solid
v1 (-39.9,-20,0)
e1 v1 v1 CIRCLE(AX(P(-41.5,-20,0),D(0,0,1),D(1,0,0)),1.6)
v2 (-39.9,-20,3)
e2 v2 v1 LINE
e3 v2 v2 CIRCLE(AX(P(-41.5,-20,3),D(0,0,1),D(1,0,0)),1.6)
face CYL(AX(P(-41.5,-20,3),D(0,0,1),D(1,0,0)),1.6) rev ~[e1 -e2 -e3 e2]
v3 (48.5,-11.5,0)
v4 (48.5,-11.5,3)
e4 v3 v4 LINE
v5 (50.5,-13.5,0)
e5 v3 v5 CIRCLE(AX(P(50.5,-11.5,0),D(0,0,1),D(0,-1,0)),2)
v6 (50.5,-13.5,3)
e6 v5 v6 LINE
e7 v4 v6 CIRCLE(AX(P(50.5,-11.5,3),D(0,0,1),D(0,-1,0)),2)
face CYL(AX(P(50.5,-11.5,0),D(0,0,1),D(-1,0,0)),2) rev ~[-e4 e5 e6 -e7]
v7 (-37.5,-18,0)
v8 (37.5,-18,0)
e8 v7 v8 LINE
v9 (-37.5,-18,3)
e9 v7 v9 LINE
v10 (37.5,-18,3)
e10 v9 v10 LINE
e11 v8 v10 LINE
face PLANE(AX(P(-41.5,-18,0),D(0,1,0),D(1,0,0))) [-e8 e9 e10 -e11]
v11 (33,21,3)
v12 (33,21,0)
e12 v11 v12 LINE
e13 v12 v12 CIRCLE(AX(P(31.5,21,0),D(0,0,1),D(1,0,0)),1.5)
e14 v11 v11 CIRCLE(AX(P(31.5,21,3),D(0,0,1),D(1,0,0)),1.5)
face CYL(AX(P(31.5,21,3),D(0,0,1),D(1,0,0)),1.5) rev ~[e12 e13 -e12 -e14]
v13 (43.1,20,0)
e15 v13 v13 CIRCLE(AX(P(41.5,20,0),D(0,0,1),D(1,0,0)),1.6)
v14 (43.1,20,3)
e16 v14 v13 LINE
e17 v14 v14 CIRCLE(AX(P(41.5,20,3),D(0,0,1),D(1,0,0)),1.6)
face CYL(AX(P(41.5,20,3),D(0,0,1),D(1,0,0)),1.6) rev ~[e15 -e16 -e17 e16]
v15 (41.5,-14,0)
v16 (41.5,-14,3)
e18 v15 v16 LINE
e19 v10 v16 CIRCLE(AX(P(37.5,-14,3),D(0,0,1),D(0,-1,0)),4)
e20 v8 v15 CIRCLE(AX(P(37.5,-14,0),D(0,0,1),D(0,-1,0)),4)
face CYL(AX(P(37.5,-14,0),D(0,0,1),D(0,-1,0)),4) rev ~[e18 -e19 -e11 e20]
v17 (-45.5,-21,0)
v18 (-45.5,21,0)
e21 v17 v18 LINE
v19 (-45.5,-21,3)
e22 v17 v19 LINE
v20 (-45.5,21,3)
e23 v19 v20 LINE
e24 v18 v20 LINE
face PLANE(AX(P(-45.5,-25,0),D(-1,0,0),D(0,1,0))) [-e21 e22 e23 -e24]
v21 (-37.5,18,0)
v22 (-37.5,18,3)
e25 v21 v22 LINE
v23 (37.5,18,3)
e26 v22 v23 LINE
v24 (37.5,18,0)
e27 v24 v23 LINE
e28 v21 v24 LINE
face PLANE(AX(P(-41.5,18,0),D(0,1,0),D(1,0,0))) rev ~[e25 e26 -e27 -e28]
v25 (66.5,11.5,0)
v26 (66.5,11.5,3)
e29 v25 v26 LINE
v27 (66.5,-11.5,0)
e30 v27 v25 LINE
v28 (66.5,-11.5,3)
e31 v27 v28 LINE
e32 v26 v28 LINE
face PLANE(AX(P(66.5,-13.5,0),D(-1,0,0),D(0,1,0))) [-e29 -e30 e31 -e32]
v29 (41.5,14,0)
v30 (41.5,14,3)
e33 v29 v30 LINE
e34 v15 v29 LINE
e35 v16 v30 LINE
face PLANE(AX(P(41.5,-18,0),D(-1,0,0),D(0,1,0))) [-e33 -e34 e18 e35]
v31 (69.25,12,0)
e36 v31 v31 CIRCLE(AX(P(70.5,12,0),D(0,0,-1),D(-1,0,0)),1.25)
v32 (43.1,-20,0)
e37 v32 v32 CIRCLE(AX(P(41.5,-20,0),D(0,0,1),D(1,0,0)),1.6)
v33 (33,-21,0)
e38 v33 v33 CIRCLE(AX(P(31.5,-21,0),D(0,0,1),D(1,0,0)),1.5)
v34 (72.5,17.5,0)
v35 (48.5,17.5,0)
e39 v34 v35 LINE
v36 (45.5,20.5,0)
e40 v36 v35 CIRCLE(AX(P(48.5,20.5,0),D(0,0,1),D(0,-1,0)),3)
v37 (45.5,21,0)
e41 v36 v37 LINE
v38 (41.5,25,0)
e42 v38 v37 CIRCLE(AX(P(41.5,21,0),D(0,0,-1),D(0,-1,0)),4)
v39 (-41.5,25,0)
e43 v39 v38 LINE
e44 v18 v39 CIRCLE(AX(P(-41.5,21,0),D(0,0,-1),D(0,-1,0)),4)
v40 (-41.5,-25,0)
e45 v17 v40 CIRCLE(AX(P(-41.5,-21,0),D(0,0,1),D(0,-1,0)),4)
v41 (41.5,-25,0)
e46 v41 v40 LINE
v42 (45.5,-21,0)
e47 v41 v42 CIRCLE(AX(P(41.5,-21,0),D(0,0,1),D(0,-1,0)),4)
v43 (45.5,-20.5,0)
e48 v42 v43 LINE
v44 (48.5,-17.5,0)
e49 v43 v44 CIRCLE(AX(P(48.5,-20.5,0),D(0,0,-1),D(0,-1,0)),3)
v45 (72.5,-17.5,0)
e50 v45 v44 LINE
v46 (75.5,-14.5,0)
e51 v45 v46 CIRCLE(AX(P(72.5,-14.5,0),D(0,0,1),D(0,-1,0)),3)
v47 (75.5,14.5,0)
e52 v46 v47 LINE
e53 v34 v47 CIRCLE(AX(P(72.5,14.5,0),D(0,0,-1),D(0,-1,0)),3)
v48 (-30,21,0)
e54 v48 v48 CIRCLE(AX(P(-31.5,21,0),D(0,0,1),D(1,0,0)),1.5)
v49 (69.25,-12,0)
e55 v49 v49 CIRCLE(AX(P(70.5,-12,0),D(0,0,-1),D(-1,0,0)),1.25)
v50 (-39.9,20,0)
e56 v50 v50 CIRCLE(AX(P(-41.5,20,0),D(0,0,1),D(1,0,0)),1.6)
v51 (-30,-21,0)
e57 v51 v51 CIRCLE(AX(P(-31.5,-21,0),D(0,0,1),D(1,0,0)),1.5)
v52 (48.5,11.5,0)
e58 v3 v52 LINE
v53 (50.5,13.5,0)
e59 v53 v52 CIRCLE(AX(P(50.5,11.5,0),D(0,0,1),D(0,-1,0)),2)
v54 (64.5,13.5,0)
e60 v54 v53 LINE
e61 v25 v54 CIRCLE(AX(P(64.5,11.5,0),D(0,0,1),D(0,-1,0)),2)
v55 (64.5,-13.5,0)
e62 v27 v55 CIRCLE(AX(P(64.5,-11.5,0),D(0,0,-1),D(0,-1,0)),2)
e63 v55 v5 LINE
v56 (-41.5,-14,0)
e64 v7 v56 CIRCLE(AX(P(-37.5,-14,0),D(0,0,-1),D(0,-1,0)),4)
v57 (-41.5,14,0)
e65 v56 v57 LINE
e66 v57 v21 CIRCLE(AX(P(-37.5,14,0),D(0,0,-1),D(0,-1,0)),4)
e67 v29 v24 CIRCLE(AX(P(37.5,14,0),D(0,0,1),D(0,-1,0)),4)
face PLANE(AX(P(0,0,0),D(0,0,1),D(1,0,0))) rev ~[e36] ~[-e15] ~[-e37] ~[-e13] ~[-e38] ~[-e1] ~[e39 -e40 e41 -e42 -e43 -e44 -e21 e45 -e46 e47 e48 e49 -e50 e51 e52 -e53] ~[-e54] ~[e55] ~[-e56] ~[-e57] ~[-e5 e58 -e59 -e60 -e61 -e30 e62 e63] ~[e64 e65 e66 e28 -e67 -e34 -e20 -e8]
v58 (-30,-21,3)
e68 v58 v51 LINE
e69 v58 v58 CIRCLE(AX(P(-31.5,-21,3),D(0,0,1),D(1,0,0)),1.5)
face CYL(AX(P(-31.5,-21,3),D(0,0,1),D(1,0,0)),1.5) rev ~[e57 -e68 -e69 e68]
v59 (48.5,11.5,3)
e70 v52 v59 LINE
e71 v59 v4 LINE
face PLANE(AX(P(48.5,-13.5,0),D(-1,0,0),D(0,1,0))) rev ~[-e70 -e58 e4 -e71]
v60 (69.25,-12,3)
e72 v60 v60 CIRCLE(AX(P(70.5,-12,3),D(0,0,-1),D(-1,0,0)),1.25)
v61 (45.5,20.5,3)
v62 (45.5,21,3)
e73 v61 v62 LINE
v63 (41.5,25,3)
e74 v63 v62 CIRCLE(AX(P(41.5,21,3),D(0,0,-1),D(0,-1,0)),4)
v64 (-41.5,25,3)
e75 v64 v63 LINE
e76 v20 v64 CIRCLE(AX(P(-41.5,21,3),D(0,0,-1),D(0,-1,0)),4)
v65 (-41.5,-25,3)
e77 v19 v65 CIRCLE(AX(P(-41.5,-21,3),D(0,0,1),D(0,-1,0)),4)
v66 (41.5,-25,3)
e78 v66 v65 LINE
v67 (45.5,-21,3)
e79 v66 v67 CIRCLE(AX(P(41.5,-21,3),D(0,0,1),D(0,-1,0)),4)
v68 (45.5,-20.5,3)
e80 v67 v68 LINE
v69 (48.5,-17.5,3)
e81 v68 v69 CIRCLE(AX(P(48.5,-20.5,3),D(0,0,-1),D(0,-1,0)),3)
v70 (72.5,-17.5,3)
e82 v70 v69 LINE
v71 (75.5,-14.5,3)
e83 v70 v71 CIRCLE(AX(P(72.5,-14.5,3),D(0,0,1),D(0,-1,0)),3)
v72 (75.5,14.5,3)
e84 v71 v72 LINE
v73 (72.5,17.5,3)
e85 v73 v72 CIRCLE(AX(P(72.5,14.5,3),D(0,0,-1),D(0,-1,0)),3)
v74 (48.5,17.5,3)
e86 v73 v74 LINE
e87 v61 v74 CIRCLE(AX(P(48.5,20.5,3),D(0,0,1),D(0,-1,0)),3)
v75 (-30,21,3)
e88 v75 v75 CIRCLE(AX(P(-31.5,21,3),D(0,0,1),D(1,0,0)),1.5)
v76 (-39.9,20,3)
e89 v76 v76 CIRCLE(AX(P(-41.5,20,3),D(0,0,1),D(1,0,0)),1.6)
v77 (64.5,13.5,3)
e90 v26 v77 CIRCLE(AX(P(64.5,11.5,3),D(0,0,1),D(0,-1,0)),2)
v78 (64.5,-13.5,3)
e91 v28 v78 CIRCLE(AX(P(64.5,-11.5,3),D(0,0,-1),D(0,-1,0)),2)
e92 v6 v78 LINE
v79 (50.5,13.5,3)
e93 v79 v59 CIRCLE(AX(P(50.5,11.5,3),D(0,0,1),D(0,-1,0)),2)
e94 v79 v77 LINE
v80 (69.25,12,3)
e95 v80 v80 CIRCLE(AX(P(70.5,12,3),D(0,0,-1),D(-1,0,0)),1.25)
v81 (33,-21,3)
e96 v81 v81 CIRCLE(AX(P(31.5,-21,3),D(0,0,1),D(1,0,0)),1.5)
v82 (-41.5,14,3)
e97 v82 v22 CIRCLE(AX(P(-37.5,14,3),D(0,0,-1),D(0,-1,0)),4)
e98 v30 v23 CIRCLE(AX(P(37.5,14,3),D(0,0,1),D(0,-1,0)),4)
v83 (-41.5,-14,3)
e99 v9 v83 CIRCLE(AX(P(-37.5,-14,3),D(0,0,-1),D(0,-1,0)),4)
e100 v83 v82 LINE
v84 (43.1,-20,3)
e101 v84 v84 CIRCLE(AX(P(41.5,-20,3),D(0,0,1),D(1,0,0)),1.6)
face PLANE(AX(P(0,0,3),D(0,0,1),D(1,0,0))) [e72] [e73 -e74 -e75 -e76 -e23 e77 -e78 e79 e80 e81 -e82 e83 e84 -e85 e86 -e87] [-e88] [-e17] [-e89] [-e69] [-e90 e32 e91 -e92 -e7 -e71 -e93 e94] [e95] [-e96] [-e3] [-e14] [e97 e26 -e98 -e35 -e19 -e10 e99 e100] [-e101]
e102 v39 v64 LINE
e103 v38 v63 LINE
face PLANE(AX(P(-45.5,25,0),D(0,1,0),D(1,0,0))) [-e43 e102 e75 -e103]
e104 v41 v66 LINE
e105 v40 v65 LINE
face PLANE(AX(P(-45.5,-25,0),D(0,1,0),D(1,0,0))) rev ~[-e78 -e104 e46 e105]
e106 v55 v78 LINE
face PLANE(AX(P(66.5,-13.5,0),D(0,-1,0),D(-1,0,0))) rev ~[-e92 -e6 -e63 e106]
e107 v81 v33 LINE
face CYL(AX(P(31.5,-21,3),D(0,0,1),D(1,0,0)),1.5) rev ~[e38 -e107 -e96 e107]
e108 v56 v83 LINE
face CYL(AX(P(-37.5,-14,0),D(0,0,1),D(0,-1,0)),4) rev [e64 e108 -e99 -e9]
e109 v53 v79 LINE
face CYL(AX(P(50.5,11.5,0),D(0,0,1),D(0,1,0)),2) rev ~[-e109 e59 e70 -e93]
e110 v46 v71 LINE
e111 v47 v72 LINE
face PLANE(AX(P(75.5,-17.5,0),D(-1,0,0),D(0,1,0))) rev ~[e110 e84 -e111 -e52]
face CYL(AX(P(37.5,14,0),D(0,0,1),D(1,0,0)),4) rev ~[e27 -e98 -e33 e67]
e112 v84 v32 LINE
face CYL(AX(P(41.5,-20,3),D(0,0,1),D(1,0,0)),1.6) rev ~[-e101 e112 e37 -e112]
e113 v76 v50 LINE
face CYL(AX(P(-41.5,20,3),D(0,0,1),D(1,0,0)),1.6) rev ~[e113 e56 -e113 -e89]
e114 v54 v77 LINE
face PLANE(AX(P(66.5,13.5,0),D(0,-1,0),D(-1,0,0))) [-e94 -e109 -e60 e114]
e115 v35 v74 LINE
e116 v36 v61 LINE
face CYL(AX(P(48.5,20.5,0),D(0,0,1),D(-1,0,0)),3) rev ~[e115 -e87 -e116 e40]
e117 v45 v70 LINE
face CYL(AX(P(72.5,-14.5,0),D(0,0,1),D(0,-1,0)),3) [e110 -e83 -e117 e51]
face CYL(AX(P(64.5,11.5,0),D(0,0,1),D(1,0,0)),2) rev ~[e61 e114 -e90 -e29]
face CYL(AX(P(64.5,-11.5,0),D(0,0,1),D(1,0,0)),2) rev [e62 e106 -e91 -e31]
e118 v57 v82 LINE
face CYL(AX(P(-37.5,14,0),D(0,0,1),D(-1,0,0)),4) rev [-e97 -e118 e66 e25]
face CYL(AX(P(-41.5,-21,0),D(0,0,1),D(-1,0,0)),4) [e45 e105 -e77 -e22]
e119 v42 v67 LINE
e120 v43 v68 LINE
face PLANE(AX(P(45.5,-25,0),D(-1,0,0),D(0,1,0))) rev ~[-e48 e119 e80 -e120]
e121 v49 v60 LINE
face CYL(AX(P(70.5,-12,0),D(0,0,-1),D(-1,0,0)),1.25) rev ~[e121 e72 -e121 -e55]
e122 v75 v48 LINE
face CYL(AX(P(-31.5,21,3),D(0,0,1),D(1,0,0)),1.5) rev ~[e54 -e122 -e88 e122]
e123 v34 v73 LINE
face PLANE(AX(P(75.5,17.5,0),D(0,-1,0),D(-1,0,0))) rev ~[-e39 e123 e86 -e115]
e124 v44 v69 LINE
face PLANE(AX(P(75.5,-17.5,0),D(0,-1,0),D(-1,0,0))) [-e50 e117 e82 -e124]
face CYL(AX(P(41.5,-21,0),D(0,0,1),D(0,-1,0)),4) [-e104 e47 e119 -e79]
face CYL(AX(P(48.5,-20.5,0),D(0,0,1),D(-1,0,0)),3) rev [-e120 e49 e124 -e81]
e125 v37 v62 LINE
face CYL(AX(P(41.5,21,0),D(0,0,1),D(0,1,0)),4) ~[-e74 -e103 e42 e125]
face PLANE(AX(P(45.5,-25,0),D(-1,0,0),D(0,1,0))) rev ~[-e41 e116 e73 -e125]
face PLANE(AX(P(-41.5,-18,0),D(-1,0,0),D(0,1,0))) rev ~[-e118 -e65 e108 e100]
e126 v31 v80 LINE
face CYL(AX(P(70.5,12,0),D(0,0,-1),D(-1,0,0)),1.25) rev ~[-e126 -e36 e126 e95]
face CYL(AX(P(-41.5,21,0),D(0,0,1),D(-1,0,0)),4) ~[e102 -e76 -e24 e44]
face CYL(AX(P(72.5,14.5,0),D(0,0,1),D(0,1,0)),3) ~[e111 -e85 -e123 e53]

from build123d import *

# Parameters (mm, degrees)
SKETCH_1_W          = 91
SKETCH_1_H          = 50
SKETCH_1_W_2        = 83
SKETCH_1_H_2        = 36
EXTRUDE_1_DEPTH     = 3
SKETCH_2_R          = 1.5
CUT_EXTRUDE_1_DEPTH = 3
SKETCH_3_R          = 1.6
CUT_EXTRUDE_2_DEPTH = 3
FILLET_1_R          = 4
SKETCH_4_W          = 30
SKETCH_4_H          = 35
EXTRUDE_2_DEPTH     = 3
SKETCH_5_R          = 1.25
CUT_EXTRUDE_3_DEPTH = 10
FILLET_2_R          = 3
SKETCH_6_W          = 18
SKETCH_6_H          = 27
CUT_EXTRUDE_4_DEPTH = 10
FILLET_3_R          = 2
SKETCH_7_W          = 38
SKETCH_7_H          = 10
SKETCH_7_R          = 1.6
EXTRUDE_3_DEPTH     = 3
FILLET_4_R          = 2
FILLET_5_R          = 2
SKETCH_8_W          = 42
SKETCH_8_H          = 10
CUT_EXTRUDE_5_DEPTH = 10


with BuildPart() as part:
    # 草图1 → 凸台-拉伸1 (new body)
    with BuildSketch(Plane.XY):
        Rectangle(SKETCH_1_W, SKETCH_1_H)
        Rectangle(SKETCH_1_W_2, SKETCH_1_H_2, mode=Mode.SUBTRACT)
    extrude(amount=EXTRUDE_1_DEPTH)

    # 草图2 → 切除-拉伸1 (cut)
    with BuildSketch(Plane.XY.offset(3)):
        with Locations((31.5, 21)):
            Circle(SKETCH_2_R)
        with Locations((31.5, -21)):
            Circle(SKETCH_2_R)
        with Locations((-31.5, -21)):
            Circle(SKETCH_2_R)
        with Locations((-31.5, 21)):
            Circle(SKETCH_2_R)
    extrude(amount=-CUT_EXTRUDE_1_DEPTH, mode=Mode.SUBTRACT)

    # 草图3 → 切除-拉伸2 (cut)
    with BuildSketch(Plane.XY.offset(3)):
        with Locations((41.5, 20)):
            Circle(SKETCH_3_R)
        with Locations((41.5, -20)):
            Circle(SKETCH_3_R)
        with Locations((-41.5, -20)):
            Circle(SKETCH_3_R)
        with Locations((-41.5, 20)):
            Circle(SKETCH_3_R)
    extrude(amount=-CUT_EXTRUDE_2_DEPTH, mode=Mode.SUBTRACT)

    # 圆角1
    fillet_1_edges = [part.edges().sort_by_distance(p)[0] for p in [
        (41.5, -18, 1.5),
        (41.5, 18, 1.5),
        (-41.5, 18, 1.5),
        (-41.5, -18, 1.5),
        (45.5, -25, 1.5),
        (-45.5, -25, 1.5),
        (-45.5, 25, 1.5),
        (45.5, 25, 1.5),
    ]]
    fillet(fillet_1_edges, radius=FILLET_1_R)

    # 草图4 → 凸台-拉伸2 (add)
    with BuildSketch(Plane(origin=(0, 0, 0), x_dir=(-1, 0, 0), z_dir=(0, 0, -1))):
        with Locations((-60.5, 0)):
            Rectangle(SKETCH_4_W, SKETCH_4_H)
    extrude(amount=-EXTRUDE_2_DEPTH)

    # 草图5 → 切除-拉伸3 (cut)
    with BuildSketch(Plane(origin=(0, 0, 0), x_dir=(-1, 0, 0), z_dir=(0, 0, -1))):
        with Locations((-70.5, -12)):
            Circle(SKETCH_5_R)
        with Locations((-70.5, 12)):
            Circle(SKETCH_5_R)
    extrude(amount=-CUT_EXTRUDE_3_DEPTH, mode=Mode.SUBTRACT)

    # 圆角2
    fillet_2_edges = [part.edges().sort_by_distance(p)[0] for p in [
        (45.5, 17.5, 1.5),
        (45.5, -17.5, 1.5),
        (75.5, -17.5, 1.5),
        (75.5, 17.5, 1.5),
    ]]
    fillet(fillet_2_edges, radius=FILLET_2_R)

    # 草图6 → 切除-拉伸4 (cut)
    with BuildSketch(Plane(origin=(0, 0, 0), x_dir=(-1, 0, 0), z_dir=(0, 0, -1))):
        with Locations((-57.5, 0)):
            Rectangle(SKETCH_6_W, SKETCH_6_H)
    extrude(amount=-CUT_EXTRUDE_4_DEPTH, mode=Mode.SUBTRACT)

    # 圆角3
    fillet_3_edges = [part.edges().sort_by_distance(p)[0] for p in [
        (66.5, -13.5, 1.5),
        (66.5, 13.5, 1.5),
        (48.5, 13.5, 1.5),
        (48.5, -13.5, 1.5),
    ]]
    fillet(fillet_3_edges, radius=FILLET_3_R)

    # 草图7 → 凸台-拉伸3 (add)
    # profile 1 of 2: a face of its own
    with BuildSketch(Plane(origin=(0, 0, 0), x_dir=(-1, 0, 0), z_dir=(0, 0, -1))):
        with Locations((0, 30)):
            Rectangle(SKETCH_7_W, SKETCH_7_H)
        with Locations((-16, 32)):
            Circle(SKETCH_7_R, mode=Mode.SUBTRACT)
        with Locations((16, 32)):
            Circle(SKETCH_7_R, mode=Mode.SUBTRACT)
    # profile 2 of 2: a face of its own
    with BuildSketch(Plane(origin=(0, 0, 0), x_dir=(-1, 0, 0), z_dir=(0, 0, -1))):
        with Locations((0, -30)):
            Rectangle(SKETCH_7_W, SKETCH_7_H)
        with Locations((16, -32)):
            Circle(SKETCH_7_R, mode=Mode.SUBTRACT)
        with Locations((-16, -32)):
            Circle(SKETCH_7_R, mode=Mode.SUBTRACT)
    extrude(amount=-EXTRUDE_3_DEPTH)

    # 圆角4
    fillet_4_edges = [part.edges().sort_by_distance(p)[0] for p in [
        (19, 35, 1.5),
        (-19, 35, 1.5),
        (-19, -35, 1.5),
        (19, -35, 1.5),
    ]]
    fillet(fillet_4_edges, radius=FILLET_4_R)

    # 圆角5
    fillet_5_edges = [part.edges().sort_by_distance(p)[0] for p in [
        (19, 25, 1.5),
        (-19, 25, 1.5),
        (-19, -25, 1.5),
        (19, -25, 1.5),
    ]]
    fillet(fillet_5_edges, radius=FILLET_5_R)

    # 草图8 → 切除-拉伸5 (cut)
    with BuildSketch(Plane.XY.offset(3)):
        with Locations((0, 30)):
            Rectangle(SKETCH_8_W, SKETCH_8_H)
        with Locations((0, -30)):
            Rectangle(SKETCH_8_W, SKETCH_8_H)
    extrude(amount=-CUT_EXTRUDE_5_DEPTH, mode=Mode.SUBTRACT)


solid = part.part
